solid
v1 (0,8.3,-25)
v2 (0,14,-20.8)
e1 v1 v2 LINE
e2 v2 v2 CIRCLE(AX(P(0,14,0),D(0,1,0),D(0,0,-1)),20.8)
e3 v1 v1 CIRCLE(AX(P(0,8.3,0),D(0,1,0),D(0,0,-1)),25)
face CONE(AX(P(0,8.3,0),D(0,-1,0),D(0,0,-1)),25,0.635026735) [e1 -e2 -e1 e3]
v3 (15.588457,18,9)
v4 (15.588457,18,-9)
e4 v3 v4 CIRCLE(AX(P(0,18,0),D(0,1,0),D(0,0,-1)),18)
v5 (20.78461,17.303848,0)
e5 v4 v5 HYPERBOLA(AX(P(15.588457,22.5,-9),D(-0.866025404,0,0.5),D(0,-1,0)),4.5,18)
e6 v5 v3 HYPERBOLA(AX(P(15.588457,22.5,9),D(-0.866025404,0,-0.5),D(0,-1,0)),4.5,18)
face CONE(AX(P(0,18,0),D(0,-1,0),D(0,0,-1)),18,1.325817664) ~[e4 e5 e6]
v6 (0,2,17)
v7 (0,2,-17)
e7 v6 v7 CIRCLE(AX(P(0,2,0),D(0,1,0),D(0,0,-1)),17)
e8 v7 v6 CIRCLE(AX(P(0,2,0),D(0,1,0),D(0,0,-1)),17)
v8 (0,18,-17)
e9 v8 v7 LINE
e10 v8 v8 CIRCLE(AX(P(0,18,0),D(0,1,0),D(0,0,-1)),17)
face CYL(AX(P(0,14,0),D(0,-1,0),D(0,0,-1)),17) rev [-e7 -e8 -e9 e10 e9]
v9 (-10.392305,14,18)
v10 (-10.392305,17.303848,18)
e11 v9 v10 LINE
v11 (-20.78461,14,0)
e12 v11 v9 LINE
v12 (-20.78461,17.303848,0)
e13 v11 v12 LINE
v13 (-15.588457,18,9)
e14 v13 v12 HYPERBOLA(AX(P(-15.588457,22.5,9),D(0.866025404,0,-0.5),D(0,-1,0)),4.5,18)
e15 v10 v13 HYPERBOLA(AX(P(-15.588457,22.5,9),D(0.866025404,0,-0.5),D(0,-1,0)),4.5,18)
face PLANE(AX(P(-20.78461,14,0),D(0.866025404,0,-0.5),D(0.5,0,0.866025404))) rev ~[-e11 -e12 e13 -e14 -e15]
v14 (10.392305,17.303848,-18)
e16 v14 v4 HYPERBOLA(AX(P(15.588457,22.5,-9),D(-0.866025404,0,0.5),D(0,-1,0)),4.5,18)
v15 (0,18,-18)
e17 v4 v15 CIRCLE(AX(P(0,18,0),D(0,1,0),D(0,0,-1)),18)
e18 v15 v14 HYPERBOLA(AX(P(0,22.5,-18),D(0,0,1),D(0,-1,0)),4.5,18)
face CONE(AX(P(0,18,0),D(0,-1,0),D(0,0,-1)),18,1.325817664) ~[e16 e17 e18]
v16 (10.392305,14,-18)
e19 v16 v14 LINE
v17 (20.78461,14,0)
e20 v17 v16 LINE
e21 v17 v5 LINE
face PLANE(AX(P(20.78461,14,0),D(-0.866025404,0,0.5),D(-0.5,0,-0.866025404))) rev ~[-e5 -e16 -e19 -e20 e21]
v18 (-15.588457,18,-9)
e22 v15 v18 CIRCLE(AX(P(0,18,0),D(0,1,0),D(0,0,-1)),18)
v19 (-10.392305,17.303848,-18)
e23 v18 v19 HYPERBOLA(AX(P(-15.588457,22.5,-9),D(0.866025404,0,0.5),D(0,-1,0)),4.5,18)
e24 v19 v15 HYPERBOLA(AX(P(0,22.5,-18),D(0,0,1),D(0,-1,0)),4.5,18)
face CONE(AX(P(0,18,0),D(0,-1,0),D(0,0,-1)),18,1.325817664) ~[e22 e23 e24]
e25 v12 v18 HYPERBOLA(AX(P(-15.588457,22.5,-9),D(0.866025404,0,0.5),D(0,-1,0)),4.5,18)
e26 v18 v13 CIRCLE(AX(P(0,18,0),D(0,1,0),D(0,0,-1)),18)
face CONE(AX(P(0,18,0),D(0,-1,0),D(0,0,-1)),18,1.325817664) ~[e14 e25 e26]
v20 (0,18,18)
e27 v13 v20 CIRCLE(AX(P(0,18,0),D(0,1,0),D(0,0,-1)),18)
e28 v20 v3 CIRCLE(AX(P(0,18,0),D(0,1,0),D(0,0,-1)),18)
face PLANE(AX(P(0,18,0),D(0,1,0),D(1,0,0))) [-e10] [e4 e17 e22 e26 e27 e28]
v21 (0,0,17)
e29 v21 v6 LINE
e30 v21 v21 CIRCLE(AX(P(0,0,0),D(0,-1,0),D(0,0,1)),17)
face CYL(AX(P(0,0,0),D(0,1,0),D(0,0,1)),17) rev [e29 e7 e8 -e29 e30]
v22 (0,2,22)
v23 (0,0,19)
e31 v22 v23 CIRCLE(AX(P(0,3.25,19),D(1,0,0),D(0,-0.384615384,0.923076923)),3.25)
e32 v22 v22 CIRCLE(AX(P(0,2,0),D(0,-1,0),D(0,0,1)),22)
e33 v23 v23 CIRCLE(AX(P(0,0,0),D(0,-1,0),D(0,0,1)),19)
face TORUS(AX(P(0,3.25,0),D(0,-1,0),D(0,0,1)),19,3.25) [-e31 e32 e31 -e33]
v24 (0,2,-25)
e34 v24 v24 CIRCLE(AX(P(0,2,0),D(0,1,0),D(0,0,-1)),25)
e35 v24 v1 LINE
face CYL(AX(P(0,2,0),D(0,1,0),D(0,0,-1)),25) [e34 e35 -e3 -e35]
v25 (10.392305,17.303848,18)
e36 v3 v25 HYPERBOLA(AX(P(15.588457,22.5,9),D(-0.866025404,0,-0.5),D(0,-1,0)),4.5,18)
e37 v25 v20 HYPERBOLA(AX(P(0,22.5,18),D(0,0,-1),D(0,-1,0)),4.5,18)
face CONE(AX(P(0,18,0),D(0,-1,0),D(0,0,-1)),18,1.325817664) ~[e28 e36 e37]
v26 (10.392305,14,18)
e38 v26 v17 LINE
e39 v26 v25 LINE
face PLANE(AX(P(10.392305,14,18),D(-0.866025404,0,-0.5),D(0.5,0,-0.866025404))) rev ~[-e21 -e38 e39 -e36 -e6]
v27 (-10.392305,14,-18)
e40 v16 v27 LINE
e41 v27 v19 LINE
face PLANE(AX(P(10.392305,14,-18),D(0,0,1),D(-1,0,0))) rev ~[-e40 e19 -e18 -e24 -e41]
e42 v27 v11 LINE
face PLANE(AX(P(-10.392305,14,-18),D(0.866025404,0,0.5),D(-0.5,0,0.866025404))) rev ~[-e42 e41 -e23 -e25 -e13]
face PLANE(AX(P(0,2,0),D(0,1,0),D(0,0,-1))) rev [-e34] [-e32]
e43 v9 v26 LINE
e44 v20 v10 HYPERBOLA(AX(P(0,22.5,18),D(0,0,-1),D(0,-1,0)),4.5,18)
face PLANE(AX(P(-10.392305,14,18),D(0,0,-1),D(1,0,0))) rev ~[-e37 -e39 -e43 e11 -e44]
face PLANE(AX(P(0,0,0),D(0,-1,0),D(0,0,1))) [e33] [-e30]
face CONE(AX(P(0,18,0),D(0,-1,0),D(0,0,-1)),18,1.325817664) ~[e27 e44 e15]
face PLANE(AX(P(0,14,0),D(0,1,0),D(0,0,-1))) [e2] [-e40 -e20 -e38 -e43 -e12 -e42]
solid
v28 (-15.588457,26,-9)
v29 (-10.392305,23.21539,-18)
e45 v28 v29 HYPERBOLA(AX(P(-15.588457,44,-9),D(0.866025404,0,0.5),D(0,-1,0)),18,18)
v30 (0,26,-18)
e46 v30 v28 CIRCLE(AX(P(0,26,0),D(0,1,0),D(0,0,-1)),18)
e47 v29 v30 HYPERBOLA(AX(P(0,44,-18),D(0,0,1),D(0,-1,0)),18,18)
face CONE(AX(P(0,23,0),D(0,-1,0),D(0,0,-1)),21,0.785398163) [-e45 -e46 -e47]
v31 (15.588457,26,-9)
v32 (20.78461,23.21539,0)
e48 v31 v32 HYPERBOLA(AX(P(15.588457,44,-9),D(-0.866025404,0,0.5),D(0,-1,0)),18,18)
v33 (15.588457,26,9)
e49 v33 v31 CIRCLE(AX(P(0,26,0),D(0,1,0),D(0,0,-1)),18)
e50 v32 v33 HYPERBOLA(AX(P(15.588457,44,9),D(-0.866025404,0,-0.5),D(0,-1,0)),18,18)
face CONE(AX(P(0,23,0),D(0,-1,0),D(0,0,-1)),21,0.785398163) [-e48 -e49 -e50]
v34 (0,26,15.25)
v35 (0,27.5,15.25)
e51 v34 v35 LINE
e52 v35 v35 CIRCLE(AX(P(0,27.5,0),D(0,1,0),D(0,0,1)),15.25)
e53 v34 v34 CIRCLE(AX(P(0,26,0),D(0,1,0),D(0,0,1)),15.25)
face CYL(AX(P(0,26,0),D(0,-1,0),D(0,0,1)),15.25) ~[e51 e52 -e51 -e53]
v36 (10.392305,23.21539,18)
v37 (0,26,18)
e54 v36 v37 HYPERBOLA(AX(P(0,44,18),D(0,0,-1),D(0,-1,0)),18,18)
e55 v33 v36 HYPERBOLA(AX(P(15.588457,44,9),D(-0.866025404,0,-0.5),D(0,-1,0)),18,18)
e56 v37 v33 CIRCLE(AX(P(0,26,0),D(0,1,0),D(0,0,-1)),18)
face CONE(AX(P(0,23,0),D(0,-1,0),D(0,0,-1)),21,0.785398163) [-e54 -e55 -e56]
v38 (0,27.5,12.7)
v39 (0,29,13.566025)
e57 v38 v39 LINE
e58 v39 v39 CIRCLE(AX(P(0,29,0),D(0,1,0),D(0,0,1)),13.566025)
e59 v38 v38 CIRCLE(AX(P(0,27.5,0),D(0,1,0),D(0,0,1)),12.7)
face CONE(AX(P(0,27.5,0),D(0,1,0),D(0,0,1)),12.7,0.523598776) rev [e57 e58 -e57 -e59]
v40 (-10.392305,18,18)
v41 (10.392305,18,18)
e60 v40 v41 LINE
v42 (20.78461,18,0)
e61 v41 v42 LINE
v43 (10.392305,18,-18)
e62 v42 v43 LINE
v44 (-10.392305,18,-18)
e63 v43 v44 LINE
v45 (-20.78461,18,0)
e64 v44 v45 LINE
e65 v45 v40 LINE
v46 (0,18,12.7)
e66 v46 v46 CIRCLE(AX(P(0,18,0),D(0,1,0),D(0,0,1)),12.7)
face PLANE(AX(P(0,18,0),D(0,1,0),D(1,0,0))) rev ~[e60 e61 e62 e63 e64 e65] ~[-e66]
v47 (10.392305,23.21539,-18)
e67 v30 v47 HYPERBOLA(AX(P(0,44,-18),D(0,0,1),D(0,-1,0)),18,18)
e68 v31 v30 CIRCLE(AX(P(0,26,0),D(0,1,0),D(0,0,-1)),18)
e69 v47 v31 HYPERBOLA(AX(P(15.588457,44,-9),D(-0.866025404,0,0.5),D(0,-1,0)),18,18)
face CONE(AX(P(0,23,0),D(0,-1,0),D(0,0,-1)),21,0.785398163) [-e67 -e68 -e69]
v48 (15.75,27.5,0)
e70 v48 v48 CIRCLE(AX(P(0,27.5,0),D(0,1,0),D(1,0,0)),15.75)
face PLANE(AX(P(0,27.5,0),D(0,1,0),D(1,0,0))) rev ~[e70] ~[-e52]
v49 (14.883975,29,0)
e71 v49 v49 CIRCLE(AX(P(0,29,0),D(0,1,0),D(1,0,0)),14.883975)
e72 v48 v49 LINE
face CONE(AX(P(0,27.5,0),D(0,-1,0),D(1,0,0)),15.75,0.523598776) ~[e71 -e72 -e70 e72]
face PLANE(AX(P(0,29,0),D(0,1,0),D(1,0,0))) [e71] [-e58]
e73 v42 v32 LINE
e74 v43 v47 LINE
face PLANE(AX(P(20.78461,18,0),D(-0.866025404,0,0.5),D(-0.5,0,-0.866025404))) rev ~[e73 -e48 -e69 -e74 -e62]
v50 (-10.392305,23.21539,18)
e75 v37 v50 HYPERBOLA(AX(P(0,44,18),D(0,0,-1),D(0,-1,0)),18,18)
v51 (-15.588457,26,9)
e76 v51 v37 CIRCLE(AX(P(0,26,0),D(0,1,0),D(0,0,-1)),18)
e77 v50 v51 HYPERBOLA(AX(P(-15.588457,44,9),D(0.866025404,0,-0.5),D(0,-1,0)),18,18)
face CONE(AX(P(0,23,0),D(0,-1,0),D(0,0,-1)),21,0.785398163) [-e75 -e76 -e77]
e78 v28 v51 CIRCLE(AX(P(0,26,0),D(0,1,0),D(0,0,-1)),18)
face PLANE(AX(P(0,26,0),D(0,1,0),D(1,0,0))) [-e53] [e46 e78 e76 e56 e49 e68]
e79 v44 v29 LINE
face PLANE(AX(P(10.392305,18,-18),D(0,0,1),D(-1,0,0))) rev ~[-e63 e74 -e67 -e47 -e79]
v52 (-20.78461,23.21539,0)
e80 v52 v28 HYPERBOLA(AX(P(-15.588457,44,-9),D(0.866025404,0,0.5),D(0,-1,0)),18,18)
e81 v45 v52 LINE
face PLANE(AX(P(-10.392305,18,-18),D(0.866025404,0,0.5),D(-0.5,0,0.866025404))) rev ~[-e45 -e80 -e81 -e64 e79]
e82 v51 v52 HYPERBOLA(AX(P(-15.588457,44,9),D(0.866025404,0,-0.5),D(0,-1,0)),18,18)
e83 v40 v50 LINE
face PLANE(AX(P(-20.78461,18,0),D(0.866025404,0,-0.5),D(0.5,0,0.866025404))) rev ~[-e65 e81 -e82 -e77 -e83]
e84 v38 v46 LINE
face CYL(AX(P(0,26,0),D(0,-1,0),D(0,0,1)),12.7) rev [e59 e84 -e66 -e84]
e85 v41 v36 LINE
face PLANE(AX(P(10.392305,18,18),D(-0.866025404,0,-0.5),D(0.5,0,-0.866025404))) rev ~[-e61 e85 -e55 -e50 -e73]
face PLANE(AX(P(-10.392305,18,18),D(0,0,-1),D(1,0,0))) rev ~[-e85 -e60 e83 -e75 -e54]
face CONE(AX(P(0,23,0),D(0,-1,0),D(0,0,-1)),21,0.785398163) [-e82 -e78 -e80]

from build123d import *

# Parameters (mm, degrees)
SKETCH2_R      = 17
EXTRUDE1_DEPTH = 4
SKETCH5_R      = 12.7
EXTRUDE2_DEPTH = 8
SKETCH7_R      = 15.25
SKETCH7_R_2    = 12.7
EXTRUDE3_DEPTH = 1.5
SKETCH8_R      = 15.75
SKETCH8_R_2    = 12.7
EXTRUDE4_DEPTH = 1.5
EXTRUDE4_DRAFT = 30


with BuildPart() as part:
    # Sketch1 → Revolve1 (revolve)
    with BuildSketch(Plane(origin=(0, 0, 0), x_dir=(0, 0, -1), z_dir=(1, 0, 0))):
        Polygon((17, 2), (25, 2), (25, 8.3), (20.8, 14), (17, 14), align=None)
    revolve(axis=Axis((0, 2, 0), (0, 1, 0)))

    # Sketch2 → Extrude1 (add)
    with BuildSketch(Plane(origin=(0, 14, 0), x_dir=(1, 0, 0), z_dir=(0, 1, 0))):
        Polygon((10.392304845, 18), (-10.392304845, 18), (-20.784609691, 0), (-10.392304845, -18), (10.392304845, -18), (20.784609691, 0), align=None)
        with Locations(Location((0, 0, 0), (0, 0, 90))):  # turned: the seam where the file's is
            Circle(SKETCH2_R, mode=Mode.SUBTRACT)
    extrude(amount=EXTRUDE1_DEPTH)

    # SurfaceCut1: cut with a surface, the side it looks to stays
    # Surface-Revolve1: a surface, the sketch's curves turned about an axis
    with BuildLine(Plane(origin=(0, 0, 0), x_dir=(0, 0, -1), z_dir=(1, 0, 0)), mode=Mode.PRIVATE) as surface_revolve1_1_path:
        Line((18, 18), (24, 16.5))
    surface_revolve1_1 = Shell.revolve(surface_revolve1_1_path.wire(), 360, Axis((0, 0, 0), (0, 1, 0)))
    split(bisect_by=surface_revolve1_1, keep=Keep.TOP)

    # Sketch9 → Revolve2 (revolve)
    with BuildSketch(Plane(origin=(0, 0, 0), x_dir=(0, 0, -1), z_dir=(1, 0, 0)), mode=Mode.PRIVATE) as revolve2_sk:
        with BuildLine():
            Line((19, 0), (17, 0))
            Line((17, 0), (17, 2))
            Line((17, 2), (22, 2))
            ThreePointArc((22, 2), (20.802775638, 0.545836543), (19, 0))
        make_face()
    revolve(revolve2_sk.sketch.rotate(Axis((0, 0, 0), (0, -1, 0)), 180), axis=Axis((0, 0, 0), (0, -1, 0)))  # turned: the seam where the file's is


with BuildPart() as body_2:
    # Sketch5 → Extrude2 (new body)
    with BuildSketch(Plane(origin=(0, 18, 0), x_dir=(1, 0, 0), z_dir=(0, 1, 0))):
        Polygon((-20.784609691, 0), (-10.392304845, -18), (10.392304845, -18), (20.784609691, 0), (10.392304845, 18), (-10.392304845, 18), align=None)
        with Locations(Location((0, 0, 0), (0, 0, 270))):  # turned: the seam where the file's is
            Circle(SKETCH5_R, mode=Mode.SUBTRACT)
    extrude(amount=EXTRUDE2_DEPTH)

    # SurfaceCut2: cut with a surface, the side behind it stays
    # Surface-Revolve2: a surface, the sketch's curves turned about an axis
    with BuildLine(Plane(origin=(0, 0, 0), x_dir=(0, 0, -1), z_dir=(1, 0, 0)), mode=Mode.PRIVATE) as surface_revolve2_2_path:
        Line((17, 16), (21, 16.5))
        Line((21, 16.5), (21, 23))
        Line((21, 23), (18, 26))
    surface_revolve2_2 = Shell.revolve(surface_revolve2_2_path.wire(), 360, Axis((0, 0, 0), (0, 1, 0)))
    split(bisect_by=surface_revolve2_2, keep=Keep.BOTTOM)

    # Sketch7 → Extrude3 (add)
    with BuildSketch(Plane(origin=(0, 26, 0), x_dir=(1, 0, 0), z_dir=(0, 1, 0))):
        with Locations(Location((0, 0, 0), (0, 0, 270))):  # turned: the seam where the file's is
            Circle(SKETCH7_R)
        with Locations(Location((0, 0, 0), (0, 0, 270))):  # turned: the seam where the file's is
            Circle(SKETCH7_R_2, mode=Mode.SUBTRACT)
    extrude(amount=EXTRUDE3_DEPTH)


with BuildPart() as extrude4_tool:
    # Sketch8 → Extrude4 (with draft: the straight prism first)
    with BuildSketch(Plane(origin=(0, 27.5, 0), x_dir=(1, 0, 0), z_dir=(0, 1, 0))):
        Circle(SKETCH8_R)
        with Locations(Location((0, 0, 0), (0, 0, 270))):  # turned: the seam where the file's is
            Circle(SKETCH8_R_2, mode=Mode.SUBTRACT)
    extrude(amount=EXTRUDE4_DEPTH)
    # Extrude4: the draft: its side faces are tilted about the plane it starts from
    extrude4_sides = [extrude4_tool.faces().sort_by_distance(p)[0] for p in [
        (-15.75, 28.25, 0),
        (0, 28.25, -12.7),
    ]]
    draft(extrude4_sides, Plane(origin=(0, 27.5, 0), x_dir=(1, 0, 0), z_dir=(0, 1, 0)), EXTRUDE4_DRAFT)


with BuildPart() as body_2_1:
    add(body_2.part)

    # Extrude4: add extrude4_tool
    add(extrude4_tool.part)


solid = Compound([part.part, body_2_1.part])
